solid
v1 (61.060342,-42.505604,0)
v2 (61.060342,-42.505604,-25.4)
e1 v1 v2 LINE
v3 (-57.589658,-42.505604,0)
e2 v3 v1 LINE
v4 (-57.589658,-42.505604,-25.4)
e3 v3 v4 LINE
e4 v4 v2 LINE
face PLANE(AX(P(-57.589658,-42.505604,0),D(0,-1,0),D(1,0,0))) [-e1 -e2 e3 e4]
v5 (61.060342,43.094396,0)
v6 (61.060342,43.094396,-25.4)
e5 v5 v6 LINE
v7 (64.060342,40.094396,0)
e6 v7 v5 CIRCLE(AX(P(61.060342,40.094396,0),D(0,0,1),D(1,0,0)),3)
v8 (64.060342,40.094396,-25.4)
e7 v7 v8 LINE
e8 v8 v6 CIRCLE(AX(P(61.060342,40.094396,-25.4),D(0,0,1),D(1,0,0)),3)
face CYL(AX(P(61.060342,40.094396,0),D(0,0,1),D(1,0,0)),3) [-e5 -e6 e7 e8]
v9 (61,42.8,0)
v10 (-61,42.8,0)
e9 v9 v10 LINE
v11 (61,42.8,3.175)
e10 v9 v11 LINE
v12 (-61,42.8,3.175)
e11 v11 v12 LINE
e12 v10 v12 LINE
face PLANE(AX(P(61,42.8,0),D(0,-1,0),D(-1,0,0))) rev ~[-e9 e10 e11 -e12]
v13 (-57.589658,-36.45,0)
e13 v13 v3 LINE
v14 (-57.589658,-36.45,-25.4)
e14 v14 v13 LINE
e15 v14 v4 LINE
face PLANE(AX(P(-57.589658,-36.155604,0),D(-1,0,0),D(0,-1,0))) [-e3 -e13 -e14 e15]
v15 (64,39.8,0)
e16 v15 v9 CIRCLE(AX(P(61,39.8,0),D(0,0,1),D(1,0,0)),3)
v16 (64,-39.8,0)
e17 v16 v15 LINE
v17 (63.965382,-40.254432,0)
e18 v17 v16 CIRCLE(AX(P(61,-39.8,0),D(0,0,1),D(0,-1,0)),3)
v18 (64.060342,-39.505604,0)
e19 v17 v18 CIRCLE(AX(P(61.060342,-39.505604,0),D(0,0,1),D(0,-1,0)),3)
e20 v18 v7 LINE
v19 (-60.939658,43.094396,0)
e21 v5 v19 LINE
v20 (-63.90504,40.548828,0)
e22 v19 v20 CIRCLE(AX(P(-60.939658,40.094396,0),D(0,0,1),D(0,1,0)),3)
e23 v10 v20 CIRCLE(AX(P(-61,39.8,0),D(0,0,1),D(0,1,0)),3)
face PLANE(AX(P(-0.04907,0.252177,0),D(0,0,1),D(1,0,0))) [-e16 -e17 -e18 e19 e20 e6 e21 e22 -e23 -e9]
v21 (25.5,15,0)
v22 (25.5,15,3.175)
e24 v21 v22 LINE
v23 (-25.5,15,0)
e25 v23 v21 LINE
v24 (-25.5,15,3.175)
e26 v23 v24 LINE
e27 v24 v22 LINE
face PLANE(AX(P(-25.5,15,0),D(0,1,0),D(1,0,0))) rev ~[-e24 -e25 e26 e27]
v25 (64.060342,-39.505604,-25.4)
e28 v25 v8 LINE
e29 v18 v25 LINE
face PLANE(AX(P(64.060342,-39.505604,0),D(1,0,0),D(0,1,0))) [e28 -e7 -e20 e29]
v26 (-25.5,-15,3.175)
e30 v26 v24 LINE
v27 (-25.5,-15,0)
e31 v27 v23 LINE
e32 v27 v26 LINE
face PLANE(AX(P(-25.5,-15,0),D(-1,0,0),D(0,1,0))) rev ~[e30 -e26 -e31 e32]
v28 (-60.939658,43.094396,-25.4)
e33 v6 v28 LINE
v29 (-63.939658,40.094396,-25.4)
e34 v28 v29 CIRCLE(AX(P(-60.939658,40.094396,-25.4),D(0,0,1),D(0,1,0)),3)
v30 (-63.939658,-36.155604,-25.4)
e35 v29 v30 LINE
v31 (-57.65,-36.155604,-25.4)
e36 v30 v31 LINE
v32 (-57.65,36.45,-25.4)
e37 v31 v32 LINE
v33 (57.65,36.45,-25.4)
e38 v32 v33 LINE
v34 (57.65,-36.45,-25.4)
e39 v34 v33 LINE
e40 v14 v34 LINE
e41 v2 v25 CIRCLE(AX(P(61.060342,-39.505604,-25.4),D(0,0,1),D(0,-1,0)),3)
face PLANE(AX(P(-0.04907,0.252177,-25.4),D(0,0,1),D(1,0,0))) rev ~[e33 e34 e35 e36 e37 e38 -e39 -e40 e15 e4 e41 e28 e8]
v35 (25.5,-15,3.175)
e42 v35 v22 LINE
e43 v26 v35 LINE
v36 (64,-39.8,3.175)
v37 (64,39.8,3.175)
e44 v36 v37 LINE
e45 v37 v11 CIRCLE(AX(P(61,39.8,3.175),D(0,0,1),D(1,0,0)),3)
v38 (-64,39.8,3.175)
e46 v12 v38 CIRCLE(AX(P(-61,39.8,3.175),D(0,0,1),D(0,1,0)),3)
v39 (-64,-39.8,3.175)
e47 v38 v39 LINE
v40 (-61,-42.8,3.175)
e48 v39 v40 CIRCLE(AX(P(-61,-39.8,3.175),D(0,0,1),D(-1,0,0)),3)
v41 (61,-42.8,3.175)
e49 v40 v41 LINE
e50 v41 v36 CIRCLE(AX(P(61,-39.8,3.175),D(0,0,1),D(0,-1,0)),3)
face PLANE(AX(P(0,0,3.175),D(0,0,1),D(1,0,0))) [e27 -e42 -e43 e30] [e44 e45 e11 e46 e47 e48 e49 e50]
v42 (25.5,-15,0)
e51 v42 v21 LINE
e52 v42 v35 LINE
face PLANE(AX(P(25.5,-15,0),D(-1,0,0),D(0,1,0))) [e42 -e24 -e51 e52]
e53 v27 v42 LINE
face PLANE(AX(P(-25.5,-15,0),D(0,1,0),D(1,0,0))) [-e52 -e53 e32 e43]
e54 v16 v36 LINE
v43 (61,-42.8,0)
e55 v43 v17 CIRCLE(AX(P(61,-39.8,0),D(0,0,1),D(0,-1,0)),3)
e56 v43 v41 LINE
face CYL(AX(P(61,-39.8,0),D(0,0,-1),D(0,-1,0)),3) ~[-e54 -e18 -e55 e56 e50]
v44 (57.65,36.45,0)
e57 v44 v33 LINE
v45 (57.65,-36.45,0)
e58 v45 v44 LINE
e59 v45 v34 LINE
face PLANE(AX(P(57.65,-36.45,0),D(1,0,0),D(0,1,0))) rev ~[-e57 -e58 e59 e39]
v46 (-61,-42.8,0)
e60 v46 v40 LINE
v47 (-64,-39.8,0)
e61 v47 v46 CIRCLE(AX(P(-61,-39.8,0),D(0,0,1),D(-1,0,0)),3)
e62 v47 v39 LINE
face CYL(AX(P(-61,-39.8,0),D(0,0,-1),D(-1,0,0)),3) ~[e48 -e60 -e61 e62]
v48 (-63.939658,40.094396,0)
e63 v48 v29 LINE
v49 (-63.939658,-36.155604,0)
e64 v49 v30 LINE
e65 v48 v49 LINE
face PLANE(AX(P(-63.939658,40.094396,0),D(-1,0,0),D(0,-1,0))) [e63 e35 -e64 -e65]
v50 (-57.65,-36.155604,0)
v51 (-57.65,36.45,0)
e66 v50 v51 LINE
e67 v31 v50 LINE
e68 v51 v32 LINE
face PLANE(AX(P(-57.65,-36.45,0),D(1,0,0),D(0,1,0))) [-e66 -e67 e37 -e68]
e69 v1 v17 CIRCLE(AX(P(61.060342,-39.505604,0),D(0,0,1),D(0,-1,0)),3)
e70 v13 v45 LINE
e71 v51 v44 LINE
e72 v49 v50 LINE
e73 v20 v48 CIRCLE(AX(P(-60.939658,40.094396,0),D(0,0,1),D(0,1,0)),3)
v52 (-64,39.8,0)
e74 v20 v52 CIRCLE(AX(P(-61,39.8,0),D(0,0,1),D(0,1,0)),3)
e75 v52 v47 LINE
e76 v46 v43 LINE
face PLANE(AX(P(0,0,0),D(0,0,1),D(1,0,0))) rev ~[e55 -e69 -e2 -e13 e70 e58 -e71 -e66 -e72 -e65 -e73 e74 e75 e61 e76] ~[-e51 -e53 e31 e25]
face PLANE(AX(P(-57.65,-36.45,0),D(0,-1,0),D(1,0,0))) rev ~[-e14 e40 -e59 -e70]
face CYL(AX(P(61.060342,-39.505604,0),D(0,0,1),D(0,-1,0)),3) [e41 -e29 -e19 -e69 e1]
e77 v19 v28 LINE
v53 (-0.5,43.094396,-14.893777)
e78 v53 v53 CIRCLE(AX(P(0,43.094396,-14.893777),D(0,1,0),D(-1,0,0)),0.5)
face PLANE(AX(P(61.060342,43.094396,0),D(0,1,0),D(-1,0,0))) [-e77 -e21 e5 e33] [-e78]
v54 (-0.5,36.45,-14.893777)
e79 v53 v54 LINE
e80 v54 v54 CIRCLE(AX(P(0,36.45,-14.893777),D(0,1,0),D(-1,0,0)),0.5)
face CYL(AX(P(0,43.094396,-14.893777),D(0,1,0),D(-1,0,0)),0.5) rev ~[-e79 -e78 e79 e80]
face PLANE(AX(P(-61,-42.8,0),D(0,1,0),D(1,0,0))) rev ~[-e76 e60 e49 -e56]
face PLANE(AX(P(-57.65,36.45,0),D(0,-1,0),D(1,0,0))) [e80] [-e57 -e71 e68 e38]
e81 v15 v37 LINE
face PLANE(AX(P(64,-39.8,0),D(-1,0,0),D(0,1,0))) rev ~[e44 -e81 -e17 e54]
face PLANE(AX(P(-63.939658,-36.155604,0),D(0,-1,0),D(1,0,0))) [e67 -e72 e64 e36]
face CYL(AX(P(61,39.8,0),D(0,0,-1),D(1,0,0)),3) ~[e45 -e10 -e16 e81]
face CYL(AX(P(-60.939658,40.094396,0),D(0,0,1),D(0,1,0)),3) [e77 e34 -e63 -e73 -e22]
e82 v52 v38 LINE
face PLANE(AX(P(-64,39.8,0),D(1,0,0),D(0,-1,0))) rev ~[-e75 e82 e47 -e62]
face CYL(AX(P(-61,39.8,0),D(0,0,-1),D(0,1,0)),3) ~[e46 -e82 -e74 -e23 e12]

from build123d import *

# Parameters (mm, degrees)
F0_W     = 51
F0_H     = 30
F1_DEPTH = 3.175
F2_W     = 115.3
F2_H     = 72.9
F4_DEPTH = 25.4
F3_W     = 115.3
F3_H     = 72.9
F5_DEPTH = 25.4
F6_R     = 0.5
F7_DEPTH = 25


with BuildPart() as f1:
    # F0 (on Top) → F1 (new body)
    with BuildSketch(Plane.XY):
        with BuildLine():
            Line((61, 42.8), (-61, 42.8))
            ThreePointArc((-61, 42.8), (-63.1213203436, 41.9213203436), (-64, 39.8))
            Line((-64, 39.8), (-64, -39.8))
            ThreePointArc((-64, -39.8), (-63.1213203436, -41.9213203436), (-61, -42.8))
            Line((-61, -42.8), (61, -42.8))
            ThreePointArc((61, -42.8), (63.1213203436, -41.9213203436), (64, -39.8))
            Line((64, -39.8), (64, 39.8))
            ThreePointArc((64, 39.8), (63.1213203436, 41.9213203436), (61, 42.8))
        make_face()
        Rectangle(F0_W, F0_H, mode=Mode.SUBTRACT)
    extrude(amount=F1_DEPTH)

    # F2 (on Top) → F4 (join)
    with BuildSketch(Plane.XY):
        with BuildLine():
            Line((-63.9396576047, -36.1556038049), (-57.5896576047, -36.1556038049))
            Line((-57.5896576047, -36.1556038049), (-57.5896576047, -42.5056038049))
            Line((-57.5896576047, -42.5056038049), (61.0603423953, -42.5056038049))
            ThreePointArc((61.0603423953, -42.5056038049), (63.1816627389, -41.6269241484), (64.0603423953, -39.5056038049))
            Line((64.0603423953, -39.5056038049), (64.0603423953, -36.1556038049))
            Line((64.0603423953, -36.1556038049), (64.0603423953, 36.7443961951))
            Line((64.0603423953, 36.7443961951), (64.0603423953, 40.0943961951))
            ThreePointArc((64.0603423953, 40.0943961951), (63.1816627389, 42.2157165387), (61.0603423953, 43.0943961951))
            Line((61.0603423953, 43.0943961951), (-57.5896576047, 43.0943961951))
            Line((-57.5896576047, 43.0943961951), (-60.9396576047, 43.0943961951))
            ThreePointArc((-60.9396576047, 43.0943961951), (-63.0609779483, 42.2157165387), (-63.9396576047, 40.0943961951))
            Line((-63.9396576047, 40.0943961951), (-63.9396576047, -36.1556038049))
        make_face()
        with Locations((0.0603423953, 0.2943961951)):
            Rectangle(F2_W, F2_H, mode=Mode.SUBTRACT)
        with Locations((0.0603423953, 0.2943961951)):
            Rectangle(F2_W, F2_H)
    extrude(amount=-F4_DEPTH)

    # F3 (on Top) → F5 (cut)
    with BuildSketch(Plane.XY):
        Rectangle(F3_W, F3_H)
    extrude(amount=-F5_DEPTH, mode=Mode.SUBTRACT)

    # F6 (on face) → F7 (cut)
    with BuildSketch(Plane(origin=(0, 43.0943961951, 0), x_dir=(-1, 0, 0), z_dir=(0, 1, 0))):
        with Locations((0, -14.8937767372)):
            Circle(F6_R)
    extrude(amount=-F7_DEPTH, mode=Mode.SUBTRACT)


solid = f1.part
